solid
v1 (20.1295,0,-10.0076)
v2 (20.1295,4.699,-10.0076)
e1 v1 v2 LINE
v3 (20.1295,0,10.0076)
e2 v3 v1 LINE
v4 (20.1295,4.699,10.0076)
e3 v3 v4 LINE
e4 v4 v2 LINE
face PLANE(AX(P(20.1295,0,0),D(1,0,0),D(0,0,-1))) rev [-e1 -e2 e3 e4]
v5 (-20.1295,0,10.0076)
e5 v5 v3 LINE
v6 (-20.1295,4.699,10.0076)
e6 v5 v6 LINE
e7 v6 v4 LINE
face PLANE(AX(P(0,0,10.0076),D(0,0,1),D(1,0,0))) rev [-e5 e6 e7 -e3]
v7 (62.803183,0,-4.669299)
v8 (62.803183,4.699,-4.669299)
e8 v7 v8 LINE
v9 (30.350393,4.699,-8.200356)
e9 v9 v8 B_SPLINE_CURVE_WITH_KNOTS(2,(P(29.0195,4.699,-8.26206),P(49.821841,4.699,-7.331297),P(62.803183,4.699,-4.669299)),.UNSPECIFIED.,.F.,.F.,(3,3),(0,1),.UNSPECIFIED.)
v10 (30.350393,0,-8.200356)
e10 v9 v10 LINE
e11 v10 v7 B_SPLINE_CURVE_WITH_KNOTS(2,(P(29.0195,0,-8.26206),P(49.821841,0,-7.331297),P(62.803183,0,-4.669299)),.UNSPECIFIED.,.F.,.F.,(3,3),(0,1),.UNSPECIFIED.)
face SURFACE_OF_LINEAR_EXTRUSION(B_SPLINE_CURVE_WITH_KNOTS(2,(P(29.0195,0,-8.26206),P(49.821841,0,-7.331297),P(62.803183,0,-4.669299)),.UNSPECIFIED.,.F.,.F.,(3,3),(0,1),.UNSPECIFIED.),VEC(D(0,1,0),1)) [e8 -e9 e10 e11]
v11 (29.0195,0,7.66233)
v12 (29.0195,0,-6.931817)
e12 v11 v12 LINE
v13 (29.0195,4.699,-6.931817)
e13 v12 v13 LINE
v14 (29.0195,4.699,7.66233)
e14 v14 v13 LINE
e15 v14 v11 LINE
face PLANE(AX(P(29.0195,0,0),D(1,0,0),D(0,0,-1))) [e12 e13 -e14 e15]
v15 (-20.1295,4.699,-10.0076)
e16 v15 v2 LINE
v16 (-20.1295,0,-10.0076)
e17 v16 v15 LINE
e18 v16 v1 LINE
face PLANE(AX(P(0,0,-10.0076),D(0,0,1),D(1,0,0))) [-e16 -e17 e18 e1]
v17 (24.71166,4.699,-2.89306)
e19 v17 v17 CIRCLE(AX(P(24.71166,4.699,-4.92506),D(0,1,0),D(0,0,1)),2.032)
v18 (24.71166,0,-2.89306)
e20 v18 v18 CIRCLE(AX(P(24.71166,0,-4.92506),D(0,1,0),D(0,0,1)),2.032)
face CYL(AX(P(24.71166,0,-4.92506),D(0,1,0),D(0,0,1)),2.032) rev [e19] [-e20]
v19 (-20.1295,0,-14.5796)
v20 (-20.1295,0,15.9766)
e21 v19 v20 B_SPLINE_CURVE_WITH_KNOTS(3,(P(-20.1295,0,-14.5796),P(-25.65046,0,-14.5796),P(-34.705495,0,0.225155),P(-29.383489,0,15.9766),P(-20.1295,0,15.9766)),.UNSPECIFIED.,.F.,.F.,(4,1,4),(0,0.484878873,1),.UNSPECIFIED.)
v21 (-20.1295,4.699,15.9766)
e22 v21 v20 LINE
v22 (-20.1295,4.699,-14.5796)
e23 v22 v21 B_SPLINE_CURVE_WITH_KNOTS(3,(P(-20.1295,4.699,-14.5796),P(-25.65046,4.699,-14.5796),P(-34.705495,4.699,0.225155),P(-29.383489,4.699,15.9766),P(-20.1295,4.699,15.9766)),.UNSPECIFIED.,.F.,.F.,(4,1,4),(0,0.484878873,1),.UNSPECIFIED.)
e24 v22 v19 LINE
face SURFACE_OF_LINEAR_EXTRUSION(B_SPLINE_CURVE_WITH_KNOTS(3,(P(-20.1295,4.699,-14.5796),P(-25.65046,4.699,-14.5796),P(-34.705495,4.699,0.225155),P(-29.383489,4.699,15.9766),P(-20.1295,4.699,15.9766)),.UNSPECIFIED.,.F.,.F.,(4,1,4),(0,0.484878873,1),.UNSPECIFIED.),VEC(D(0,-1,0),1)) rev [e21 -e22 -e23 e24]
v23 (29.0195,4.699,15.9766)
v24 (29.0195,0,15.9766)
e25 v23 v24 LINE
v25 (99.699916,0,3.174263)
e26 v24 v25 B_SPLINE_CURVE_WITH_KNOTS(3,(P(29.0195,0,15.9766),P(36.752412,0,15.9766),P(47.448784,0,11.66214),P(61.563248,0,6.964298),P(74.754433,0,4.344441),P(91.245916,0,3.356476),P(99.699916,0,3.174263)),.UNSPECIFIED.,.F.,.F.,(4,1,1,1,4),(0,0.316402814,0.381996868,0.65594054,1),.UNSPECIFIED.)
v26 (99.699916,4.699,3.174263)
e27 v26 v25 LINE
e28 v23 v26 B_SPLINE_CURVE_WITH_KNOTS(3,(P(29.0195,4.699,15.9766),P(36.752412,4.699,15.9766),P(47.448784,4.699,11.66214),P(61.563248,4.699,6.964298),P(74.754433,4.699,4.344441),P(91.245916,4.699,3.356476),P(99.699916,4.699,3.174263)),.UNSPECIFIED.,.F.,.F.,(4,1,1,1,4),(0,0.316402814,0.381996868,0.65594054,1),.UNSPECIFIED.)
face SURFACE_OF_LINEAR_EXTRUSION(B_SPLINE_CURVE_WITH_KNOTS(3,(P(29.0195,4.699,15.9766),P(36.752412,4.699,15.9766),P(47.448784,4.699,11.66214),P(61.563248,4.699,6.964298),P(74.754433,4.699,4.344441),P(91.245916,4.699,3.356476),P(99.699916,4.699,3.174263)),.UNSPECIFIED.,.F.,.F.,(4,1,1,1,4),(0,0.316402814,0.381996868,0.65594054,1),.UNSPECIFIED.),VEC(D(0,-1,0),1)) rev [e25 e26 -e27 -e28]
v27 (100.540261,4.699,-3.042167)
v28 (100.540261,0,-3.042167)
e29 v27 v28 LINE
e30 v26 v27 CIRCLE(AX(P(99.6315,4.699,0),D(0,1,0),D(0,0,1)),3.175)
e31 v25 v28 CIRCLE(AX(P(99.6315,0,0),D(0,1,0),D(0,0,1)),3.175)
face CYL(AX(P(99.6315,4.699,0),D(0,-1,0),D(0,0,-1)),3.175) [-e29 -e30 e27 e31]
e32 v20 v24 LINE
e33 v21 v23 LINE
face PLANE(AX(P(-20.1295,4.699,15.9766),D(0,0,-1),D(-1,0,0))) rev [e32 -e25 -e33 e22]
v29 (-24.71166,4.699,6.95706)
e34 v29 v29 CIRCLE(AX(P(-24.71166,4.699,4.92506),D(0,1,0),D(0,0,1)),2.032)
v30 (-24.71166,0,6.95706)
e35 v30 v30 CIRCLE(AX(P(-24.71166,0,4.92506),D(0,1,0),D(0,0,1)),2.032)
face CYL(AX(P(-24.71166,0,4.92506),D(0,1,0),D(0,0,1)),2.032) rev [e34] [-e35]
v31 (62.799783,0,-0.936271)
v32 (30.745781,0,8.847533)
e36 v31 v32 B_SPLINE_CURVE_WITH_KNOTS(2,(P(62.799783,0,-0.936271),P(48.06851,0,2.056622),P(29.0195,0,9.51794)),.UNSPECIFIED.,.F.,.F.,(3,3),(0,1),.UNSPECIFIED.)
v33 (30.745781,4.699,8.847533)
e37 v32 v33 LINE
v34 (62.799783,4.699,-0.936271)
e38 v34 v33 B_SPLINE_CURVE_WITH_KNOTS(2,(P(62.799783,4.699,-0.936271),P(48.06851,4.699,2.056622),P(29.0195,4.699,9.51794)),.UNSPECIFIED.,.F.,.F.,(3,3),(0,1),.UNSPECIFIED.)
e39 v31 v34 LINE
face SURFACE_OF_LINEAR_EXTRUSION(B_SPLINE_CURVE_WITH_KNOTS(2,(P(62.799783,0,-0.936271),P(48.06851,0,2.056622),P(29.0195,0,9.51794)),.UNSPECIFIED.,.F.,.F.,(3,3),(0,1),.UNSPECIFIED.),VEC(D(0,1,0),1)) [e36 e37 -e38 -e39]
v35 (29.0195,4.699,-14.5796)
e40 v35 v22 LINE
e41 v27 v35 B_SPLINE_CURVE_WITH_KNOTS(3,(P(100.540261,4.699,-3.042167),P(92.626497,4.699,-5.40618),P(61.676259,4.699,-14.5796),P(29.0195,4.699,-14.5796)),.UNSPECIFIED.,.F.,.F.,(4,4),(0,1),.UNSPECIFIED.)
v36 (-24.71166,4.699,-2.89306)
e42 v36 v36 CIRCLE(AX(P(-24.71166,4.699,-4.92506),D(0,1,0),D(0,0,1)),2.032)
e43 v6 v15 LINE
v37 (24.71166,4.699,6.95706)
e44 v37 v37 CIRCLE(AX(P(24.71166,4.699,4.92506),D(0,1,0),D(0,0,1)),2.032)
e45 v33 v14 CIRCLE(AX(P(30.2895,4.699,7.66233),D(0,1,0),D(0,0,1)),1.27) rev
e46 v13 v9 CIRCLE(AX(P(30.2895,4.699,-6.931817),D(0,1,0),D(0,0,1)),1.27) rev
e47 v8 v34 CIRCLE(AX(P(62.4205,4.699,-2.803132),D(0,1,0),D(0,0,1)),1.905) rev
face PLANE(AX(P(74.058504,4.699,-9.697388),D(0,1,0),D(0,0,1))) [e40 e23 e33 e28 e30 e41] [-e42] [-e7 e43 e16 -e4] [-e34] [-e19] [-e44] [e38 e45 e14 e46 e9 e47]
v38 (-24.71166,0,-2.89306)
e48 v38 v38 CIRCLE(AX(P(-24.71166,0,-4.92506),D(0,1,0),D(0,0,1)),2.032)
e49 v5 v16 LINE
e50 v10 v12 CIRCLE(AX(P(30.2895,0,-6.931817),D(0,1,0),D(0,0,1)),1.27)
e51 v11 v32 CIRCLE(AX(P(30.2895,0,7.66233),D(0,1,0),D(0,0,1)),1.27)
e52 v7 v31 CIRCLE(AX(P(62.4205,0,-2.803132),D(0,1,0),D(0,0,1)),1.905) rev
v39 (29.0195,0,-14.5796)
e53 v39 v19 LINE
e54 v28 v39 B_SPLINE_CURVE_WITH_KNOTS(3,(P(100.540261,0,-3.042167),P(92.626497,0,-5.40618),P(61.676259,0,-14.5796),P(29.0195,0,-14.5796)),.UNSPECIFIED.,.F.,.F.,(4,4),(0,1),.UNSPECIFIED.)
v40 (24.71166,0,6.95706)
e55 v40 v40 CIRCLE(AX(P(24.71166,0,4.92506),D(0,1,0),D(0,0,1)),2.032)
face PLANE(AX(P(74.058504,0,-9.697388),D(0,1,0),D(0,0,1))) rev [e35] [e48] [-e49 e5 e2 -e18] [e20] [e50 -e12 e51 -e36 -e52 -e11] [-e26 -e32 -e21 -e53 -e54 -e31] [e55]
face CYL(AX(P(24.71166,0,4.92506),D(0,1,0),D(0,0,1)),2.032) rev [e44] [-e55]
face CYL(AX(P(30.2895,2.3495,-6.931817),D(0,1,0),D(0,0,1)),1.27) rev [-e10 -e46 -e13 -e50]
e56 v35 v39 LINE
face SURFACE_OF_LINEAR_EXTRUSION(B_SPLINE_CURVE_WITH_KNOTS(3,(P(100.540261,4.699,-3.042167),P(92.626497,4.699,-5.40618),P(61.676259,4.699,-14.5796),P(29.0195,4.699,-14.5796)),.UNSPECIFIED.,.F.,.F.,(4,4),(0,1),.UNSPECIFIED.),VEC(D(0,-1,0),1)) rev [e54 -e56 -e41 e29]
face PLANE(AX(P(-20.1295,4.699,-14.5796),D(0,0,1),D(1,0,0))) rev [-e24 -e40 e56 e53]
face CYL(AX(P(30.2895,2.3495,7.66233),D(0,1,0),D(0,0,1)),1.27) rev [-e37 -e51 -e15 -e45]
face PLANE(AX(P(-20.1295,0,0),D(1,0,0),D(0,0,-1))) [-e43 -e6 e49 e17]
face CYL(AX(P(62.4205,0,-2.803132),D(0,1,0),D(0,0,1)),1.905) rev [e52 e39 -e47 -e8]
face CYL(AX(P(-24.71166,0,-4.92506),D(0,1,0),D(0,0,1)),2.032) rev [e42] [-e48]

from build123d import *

# Parameters (mm, degrees)
BOSS_EXTRUDE1_DEPTH = 4.699
SKETCH2_R           = 1.905
SKETCH2_R_2         = 2.032
SKETCH2_W           = 40.259
SKETCH2_H           = 20.0152
CUT_EXTRUDE1_DEPTH  = 105.14657371
FILLET1_R           = 1.27


with BuildPart() as part:
    # Sketch1 → Boss-Extrude1 (new body)
    with BuildSketch(Plane(origin=(0, 0, 0), x_dir=(1, 0, 0), z_dir=(0, 1, 0))):
        with BuildLine():
            Line((-20.1295, 14.5796), (29.0195, 14.5796))
            add(Edge.make_bspline(
                [(29.0195, 14.5796), (61.676259281, 14.5796), (92.626496887, 5.406179728), (100.540261174, 3.042166683)],
                knots=[0, 0, 0, 0, 1, 1, 1, 1], degree=3))
            ThreePointArc((100.540261174, 3.042166683), (102.777881706, -0.425331821), (99.699916451, -3.174262779))
            add(Edge.make_bspline(
                [(29.0195, -15.9766), (36.752411566, -15.9766), (47.448783559, -11.662139755), (61.563248496, -6.964298313), (74.754433056, -4.344440996), (91.245915547, -3.356476028), (99.699916451, -3.174262779)],
                knots=[0, 0, 0, 0, 0.316402814, 0.381996868, 0.65594054, 1, 1, 1, 1], degree=3))
            Line((29.0195, -15.9766), (-20.1295, -15.9766))
            add(Edge.make_bspline(
                [(-20.1295, 14.5796), (-25.650459674, 14.5796), (-34.705495366, -0.225155417), (-29.383489197, -15.9766), (-20.1295, -15.9766)],
                knots=[0, 0, 0, 0, 0.484878873, 1, 1, 1, 1], degree=3))
        make_face()
    extrude(amount=BOSS_EXTRUDE1_DEPTH)

    # Sketch2 → Cut-Extrude1 (cut, through all)
    with BuildSketch(Plane(origin=(0, 4.699, 0), x_dir=(1, 0, 0), z_dir=(0, 1, 0))):
        with Locations((62.4205, 2.803132377)):
            Circle(SKETCH2_R)
        with Locations(Location((-24.71166, 4.92506, 0), (0, 0, 270))):
            Circle(SKETCH2_R_2)
        with Locations(Location((-24.71166, -4.92506, 0), (0, 0, 270))):
            Circle(SKETCH2_R_2)
        with Locations(Location((24.71166, -4.92506, 0), (0, 0, 270))):
            Circle(SKETCH2_R_2)
        with Locations(Location((24.71166, 4.92506, 0), (0, 0, 270))):
            Circle(SKETCH2_R_2)
        with BuildLine():
            Line((29.0195, 0), (29.0195, 8.262060115))
            add(Edge.make_bspline(
                [(29.0195, 8.262060115), (49.82184103, 7.331297412), (62.803182548, 4.669299323)],
                knots=[0, 0, 0, 1, 1, 1], degree=2))
            ThreePointArc((62.803182548, 4.669299323), (64.32549921, 2.801397362), (62.799782619, 0.936271457))
            add(Edge.make_bspline(
                [(62.799782619, 0.936271457), (48.06851018, -2.056621868), (29.0195, -9.517939885)],
                knots=[0, 0, 0, 1, 1, 1], degree=2))
            Line((29.0195, -9.517939885), (29.0195, 0))
        make_face()
        Rectangle(SKETCH2_W, SKETCH2_H)
    extrude(amount=-CUT_EXTRUDE1_DEPTH, mode=Mode.SUBTRACT)

    # Fillet1
    fillet1_edges = [part.edges().sort_by_distance(p)[0] for p in [
        (29.0195, 2.3495, 9.517939885),
        (29.0195, 2.3495, -8.262060115),
    ]]
    fillet(fillet1_edges, radius=FILLET1_R)


solid = part.part
